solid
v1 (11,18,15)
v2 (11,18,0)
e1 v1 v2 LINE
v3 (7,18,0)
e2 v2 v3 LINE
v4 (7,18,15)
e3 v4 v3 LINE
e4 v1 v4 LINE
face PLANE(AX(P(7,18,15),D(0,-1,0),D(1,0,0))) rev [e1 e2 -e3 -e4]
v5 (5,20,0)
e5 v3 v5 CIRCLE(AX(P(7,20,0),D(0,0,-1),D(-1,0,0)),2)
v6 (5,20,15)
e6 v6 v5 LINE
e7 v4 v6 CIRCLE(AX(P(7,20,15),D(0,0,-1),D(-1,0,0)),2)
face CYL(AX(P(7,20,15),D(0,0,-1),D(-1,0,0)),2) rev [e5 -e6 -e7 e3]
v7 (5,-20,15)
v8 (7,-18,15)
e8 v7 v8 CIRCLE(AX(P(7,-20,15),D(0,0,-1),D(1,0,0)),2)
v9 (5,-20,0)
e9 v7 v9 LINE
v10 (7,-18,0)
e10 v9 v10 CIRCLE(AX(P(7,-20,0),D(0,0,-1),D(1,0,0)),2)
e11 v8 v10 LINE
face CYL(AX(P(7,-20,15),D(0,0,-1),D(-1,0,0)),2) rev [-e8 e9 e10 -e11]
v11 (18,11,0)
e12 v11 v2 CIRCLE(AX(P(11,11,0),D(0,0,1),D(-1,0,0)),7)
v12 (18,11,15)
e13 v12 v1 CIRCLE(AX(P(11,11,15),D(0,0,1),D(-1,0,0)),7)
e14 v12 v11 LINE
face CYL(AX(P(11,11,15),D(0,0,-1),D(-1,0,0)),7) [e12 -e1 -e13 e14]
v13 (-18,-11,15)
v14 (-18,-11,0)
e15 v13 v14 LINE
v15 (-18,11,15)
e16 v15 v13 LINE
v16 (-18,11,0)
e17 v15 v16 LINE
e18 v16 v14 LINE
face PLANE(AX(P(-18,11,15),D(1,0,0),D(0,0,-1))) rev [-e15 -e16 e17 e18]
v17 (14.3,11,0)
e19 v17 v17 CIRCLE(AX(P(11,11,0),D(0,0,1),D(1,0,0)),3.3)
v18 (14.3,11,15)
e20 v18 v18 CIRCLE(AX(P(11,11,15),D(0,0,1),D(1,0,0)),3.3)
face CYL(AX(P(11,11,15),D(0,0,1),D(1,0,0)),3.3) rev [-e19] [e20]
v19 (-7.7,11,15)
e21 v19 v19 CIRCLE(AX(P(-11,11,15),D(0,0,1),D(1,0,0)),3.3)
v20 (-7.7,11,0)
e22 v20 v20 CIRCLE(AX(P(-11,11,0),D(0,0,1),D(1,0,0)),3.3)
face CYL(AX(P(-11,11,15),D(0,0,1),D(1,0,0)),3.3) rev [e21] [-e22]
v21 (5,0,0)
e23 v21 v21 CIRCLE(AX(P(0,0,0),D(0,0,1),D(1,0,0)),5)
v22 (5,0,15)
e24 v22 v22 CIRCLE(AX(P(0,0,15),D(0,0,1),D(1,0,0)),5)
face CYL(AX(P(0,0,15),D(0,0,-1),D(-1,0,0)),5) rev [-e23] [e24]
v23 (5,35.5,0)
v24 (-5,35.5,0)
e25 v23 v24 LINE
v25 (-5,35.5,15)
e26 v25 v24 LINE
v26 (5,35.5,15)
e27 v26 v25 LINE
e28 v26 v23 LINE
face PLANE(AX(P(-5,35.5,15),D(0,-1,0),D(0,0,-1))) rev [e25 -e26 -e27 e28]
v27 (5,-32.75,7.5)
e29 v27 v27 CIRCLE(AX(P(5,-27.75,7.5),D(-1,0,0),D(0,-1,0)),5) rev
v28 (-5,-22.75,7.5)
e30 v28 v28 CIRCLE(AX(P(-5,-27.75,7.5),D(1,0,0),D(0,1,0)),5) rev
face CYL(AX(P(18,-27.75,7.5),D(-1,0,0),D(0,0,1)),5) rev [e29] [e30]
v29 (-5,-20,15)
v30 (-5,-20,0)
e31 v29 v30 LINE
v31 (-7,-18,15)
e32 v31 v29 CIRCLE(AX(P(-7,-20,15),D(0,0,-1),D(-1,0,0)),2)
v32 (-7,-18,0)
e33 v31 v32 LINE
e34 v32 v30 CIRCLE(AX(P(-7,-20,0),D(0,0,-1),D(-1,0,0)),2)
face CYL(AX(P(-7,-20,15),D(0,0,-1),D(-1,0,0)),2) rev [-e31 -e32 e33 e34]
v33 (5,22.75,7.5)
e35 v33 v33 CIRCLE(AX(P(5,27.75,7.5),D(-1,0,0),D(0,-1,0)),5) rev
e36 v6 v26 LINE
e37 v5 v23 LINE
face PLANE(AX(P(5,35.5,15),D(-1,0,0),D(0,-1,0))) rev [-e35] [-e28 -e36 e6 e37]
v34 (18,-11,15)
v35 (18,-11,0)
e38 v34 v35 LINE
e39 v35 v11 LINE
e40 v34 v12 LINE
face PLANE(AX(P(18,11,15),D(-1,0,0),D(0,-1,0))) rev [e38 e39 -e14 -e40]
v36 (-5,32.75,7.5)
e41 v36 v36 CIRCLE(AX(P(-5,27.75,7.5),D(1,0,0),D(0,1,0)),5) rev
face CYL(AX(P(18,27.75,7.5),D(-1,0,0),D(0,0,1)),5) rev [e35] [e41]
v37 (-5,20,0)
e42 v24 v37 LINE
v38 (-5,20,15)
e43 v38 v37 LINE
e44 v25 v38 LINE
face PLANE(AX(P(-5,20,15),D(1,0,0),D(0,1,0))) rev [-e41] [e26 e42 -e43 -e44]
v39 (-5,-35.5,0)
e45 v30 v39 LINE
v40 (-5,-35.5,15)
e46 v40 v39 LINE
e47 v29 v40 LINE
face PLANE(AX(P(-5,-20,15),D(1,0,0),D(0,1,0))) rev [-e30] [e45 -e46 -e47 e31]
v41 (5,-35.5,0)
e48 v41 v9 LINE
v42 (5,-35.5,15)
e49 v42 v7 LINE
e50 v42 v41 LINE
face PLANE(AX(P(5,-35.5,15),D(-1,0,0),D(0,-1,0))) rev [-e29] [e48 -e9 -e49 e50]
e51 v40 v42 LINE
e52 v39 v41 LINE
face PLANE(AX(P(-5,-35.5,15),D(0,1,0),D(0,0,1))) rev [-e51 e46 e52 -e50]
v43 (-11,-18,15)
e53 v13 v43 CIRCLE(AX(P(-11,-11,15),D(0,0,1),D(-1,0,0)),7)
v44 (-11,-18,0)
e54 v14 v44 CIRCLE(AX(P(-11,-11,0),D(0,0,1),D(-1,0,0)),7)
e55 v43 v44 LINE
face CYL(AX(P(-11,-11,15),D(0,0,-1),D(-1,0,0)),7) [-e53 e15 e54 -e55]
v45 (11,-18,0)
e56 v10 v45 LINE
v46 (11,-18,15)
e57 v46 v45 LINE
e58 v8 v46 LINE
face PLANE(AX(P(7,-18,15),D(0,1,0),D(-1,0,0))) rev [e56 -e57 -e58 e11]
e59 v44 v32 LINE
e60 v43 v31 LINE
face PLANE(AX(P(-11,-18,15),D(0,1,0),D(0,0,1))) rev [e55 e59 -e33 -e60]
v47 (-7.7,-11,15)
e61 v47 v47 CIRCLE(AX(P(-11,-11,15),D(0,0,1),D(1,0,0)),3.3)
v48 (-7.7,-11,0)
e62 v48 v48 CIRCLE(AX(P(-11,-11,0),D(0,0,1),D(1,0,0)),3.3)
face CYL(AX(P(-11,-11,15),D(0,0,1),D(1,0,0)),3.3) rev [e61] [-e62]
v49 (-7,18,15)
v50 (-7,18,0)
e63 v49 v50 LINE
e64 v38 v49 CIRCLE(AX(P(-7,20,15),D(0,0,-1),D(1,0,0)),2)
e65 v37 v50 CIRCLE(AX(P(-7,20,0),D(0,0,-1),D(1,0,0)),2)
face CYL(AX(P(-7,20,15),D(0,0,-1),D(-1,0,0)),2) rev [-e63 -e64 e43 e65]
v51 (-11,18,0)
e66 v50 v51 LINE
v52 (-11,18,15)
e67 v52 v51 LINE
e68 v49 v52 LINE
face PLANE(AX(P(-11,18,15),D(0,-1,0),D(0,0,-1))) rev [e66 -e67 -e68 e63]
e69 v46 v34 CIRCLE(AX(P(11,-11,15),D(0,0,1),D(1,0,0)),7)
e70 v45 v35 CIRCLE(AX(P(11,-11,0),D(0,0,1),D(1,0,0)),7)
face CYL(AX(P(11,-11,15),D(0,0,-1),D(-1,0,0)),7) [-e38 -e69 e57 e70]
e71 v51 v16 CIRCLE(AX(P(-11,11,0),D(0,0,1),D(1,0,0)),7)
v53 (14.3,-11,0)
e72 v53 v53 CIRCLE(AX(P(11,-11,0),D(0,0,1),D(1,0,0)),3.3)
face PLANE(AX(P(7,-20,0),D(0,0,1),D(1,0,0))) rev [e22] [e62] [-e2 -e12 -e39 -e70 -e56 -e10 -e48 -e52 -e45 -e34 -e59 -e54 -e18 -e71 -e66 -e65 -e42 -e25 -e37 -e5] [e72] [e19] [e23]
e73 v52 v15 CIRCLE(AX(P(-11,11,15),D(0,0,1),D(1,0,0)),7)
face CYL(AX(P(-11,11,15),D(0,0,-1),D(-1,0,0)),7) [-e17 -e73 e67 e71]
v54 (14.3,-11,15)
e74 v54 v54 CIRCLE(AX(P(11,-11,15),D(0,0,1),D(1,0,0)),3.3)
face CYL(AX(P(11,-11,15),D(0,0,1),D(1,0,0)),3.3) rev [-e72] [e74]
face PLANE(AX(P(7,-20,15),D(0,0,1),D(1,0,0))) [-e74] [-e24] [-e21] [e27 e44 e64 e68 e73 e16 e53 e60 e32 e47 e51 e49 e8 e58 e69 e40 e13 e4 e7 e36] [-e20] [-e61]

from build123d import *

# Parameters (mm, degrees)
ESBO_O1_R                  = 5
RESSALTO_EXTRUS_O1_DEPTH   = 15
FURO_COM_FOLGA_DE_M61_D    = 6.6
CORTE_EXTRUS_O1_DEPTH      = 43.535279475
CORTE_EXTRUS_O1_DEPTH_BACK = 43.535279475
ESBO_O4_R                  = 5


with BuildPart() as part:
    # Esboço1 → Ressalto-extrusão1 (new body)
    with BuildSketch(Plane.XY):
        with BuildLine():
            Line((-5, -20), (-5, -35.5))
            Line((-5, -35.5), (5, -35.5))
            Line((5, -35.5), (5, -20))
            ThreePointArc((5, -20), (5.585786438, -18.585786438), (7, -18))
            Line((7, -18), (11, -18))
            ThreePointArc((11, -18), (15.949747468, -15.949747468), (18, -11))
            Line((18, -11), (18, 11))
            ThreePointArc((18, 11), (15.949747468, 15.949747468), (11, 18))
            Line((11, 18), (7, 18))
            ThreePointArc((7, 18), (5.585786438, 18.585786438), (5, 20))
            Line((5, 20), (5, 35.5))
            Line((5, 35.5), (-5, 35.5))
            Line((-5, 35.5), (-5, 20))
            ThreePointArc((-5, 20), (-5.585786438, 18.585786438), (-7, 18))
            Line((-7, 18), (-11, 18))
            ThreePointArc((-11, 18), (-15.949747468, 15.949747468), (-18, 11))
            Line((-18, 11), (-18, -11))
            ThreePointArc((-18, -11), (-15.949747468, -15.949747468), (-11, -18))
            Line((-11, -18), (-7, -18))
            ThreePointArc((-7, -18), (-5.585786438, -18.585786438), (-5, -20))
        make_face()
        Circle(ESBO_O1_R, mode=Mode.SUBTRACT)
    extrude(amount=RESSALTO_EXTRUS_O1_DEPTH)

    # Furo com folga de M61 (through all)
    with Locations(Plane.XY.offset(15)):
        with Locations((11, 11), (-11, 11), (-11, -11), (11, -11)):
            Hole(FURO_COM_FOLGA_DE_M61_D / 2)

    # Esboço4 → Corte-extrusão1 (cut, two sides: drawn at the far end of the back side and taken through both)
    with BuildSketch(Plane(origin=(0, 0, 0), x_dir=(0, 0, -1), z_dir=(1, 0, 0)).offset(-CORTE_EXTRUS_O1_DEPTH_BACK)):
        with Locations(Location((-7.5, 27.75, 0), (0, 0, 90))):
            Circle(ESBO_O4_R)
        with Locations(Location((-7.5, -27.75, 0), (0, 0, 90))):
            Circle(ESBO_O4_R)
    extrude(amount=CORTE_EXTRUS_O1_DEPTH + CORTE_EXTRUS_O1_DEPTH_BACK, mode=Mode.SUBTRACT)


solid = part.part
